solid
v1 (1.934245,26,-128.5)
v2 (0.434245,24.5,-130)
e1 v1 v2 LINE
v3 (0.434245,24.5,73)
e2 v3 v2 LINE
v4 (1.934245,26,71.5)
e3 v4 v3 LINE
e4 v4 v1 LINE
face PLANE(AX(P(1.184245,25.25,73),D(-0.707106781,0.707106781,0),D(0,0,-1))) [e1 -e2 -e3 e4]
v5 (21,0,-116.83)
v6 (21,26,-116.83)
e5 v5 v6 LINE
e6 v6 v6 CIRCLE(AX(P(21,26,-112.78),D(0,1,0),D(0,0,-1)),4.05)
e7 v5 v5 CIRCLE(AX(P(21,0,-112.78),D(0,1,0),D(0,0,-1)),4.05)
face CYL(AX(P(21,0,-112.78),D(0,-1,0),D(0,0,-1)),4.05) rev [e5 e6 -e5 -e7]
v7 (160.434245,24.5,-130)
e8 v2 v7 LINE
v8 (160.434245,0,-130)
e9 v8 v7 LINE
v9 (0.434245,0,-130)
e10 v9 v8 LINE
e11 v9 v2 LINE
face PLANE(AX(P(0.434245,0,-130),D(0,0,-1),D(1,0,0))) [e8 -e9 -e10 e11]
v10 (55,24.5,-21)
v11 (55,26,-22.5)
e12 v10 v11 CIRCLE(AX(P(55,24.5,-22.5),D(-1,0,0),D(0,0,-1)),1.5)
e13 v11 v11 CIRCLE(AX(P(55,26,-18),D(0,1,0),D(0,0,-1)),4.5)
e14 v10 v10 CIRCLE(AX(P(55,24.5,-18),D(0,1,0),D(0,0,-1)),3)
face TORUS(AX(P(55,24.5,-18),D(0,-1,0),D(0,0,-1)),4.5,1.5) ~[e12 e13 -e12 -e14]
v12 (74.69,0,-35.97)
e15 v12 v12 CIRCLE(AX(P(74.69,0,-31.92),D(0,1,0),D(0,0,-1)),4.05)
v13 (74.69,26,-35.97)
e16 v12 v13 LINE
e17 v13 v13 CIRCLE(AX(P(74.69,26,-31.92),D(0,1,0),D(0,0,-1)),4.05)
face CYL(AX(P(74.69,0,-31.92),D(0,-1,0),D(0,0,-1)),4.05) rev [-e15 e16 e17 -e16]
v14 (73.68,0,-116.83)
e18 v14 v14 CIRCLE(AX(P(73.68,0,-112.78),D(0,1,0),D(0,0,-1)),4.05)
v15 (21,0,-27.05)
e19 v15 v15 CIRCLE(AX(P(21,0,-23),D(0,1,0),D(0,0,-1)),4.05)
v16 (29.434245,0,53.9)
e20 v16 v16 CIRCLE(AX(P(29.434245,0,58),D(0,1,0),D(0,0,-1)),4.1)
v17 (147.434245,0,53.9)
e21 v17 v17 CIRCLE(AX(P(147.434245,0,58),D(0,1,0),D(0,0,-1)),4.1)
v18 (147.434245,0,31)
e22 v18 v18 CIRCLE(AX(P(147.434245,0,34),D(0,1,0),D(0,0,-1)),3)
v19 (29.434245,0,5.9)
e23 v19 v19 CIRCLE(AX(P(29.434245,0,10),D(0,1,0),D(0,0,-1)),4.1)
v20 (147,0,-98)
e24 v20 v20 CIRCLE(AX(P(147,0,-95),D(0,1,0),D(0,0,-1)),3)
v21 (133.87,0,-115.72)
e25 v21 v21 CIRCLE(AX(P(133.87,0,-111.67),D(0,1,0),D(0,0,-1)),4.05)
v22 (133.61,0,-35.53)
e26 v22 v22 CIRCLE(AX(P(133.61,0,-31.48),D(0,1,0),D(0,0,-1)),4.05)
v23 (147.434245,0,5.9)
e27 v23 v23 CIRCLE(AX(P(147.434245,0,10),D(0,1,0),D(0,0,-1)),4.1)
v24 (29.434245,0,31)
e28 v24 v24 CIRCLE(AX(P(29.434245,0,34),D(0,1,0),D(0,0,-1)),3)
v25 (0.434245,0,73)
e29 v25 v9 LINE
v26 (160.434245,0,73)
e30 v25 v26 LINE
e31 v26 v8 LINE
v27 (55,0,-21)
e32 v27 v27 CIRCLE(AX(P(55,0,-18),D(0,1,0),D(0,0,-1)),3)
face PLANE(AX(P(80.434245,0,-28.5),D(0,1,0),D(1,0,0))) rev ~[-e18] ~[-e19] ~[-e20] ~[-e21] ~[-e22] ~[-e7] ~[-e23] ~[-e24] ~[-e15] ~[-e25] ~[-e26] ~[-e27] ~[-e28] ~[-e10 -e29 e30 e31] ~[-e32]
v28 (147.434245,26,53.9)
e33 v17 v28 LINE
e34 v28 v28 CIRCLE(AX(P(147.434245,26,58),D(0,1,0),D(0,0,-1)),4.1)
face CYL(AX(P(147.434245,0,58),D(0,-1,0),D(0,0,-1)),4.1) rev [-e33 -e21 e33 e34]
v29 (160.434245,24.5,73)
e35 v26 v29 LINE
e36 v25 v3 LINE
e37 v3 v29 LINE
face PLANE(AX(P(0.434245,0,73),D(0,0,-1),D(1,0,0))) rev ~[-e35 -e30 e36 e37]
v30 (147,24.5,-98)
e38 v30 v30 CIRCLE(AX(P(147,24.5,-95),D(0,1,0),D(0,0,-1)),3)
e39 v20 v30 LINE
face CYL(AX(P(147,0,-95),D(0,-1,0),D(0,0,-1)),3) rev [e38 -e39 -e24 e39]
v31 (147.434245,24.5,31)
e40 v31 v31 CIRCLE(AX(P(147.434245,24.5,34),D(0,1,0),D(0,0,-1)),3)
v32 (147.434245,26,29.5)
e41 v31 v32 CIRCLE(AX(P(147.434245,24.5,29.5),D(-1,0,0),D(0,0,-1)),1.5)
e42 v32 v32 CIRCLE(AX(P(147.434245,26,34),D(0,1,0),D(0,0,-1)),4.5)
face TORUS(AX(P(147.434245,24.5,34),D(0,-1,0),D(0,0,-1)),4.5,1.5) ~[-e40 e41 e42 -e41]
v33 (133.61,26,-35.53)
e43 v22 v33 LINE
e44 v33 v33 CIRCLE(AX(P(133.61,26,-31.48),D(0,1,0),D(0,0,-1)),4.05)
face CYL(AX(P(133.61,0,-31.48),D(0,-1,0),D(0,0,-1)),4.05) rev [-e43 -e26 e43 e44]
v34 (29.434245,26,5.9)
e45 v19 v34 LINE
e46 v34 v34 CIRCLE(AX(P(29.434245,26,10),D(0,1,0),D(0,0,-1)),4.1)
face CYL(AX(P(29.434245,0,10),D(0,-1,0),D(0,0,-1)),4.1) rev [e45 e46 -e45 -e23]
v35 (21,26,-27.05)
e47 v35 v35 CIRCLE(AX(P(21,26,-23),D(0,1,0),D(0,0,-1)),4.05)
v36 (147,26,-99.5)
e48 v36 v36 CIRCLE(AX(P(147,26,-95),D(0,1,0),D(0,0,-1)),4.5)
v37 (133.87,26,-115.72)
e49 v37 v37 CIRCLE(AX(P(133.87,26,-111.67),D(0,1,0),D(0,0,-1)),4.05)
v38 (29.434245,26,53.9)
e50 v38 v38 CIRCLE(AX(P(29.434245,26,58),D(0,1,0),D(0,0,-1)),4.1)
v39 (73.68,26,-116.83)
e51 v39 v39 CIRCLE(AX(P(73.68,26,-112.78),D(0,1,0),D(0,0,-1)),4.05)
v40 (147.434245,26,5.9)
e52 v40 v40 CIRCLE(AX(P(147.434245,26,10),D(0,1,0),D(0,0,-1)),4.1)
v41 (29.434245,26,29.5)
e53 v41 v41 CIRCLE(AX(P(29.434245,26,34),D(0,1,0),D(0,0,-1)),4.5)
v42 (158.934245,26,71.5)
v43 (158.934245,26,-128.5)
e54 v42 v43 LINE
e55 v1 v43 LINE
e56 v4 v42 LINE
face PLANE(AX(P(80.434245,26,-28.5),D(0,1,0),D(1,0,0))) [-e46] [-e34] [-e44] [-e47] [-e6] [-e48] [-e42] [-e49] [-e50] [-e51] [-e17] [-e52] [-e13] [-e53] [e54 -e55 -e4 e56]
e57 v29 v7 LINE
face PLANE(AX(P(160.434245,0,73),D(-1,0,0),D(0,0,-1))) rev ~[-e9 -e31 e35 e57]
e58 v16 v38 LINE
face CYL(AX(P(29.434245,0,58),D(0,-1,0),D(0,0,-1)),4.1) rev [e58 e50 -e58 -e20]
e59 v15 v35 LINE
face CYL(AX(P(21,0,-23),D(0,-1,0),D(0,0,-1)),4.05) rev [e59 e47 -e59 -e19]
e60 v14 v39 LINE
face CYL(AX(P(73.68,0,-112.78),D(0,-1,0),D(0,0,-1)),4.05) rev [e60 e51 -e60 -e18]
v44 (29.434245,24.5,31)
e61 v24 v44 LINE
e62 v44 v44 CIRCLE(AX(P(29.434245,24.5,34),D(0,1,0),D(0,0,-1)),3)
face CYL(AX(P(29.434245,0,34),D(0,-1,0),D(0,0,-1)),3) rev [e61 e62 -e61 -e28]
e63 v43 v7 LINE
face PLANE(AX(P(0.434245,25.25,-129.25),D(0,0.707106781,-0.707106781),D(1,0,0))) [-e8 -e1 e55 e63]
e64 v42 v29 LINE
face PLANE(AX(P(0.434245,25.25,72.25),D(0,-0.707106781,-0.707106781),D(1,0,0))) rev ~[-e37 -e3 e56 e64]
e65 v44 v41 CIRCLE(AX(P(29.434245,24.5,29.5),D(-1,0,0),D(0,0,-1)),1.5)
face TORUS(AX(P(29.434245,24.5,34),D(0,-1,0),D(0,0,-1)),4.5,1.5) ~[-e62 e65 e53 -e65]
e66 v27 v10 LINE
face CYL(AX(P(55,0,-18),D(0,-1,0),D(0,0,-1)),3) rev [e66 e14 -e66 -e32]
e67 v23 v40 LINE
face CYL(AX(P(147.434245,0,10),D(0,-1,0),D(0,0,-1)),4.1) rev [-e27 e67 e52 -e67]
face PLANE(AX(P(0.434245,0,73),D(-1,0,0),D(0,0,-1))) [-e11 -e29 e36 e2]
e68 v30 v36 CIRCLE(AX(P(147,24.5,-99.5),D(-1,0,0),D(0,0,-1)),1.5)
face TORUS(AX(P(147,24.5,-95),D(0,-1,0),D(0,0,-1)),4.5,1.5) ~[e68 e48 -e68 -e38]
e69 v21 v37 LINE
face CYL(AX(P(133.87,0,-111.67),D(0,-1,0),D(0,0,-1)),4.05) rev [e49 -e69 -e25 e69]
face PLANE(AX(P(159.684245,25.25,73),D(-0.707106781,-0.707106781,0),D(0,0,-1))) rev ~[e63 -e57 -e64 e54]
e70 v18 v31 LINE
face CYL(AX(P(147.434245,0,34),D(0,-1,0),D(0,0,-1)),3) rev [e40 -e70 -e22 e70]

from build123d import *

# Parameters (mm, degrees)
SKETCH1_W           = 160
SKETCH1_H           = 203
SKETCH1_R           = 4.05
SKETCH1_R_2         = 4.1
SKETCH1_R_3         = 3
BOSS_EXTRUDE1_DEPTH = 26
FILLET1_R           = 1.5
CHAMFER1_SIZE       = 1.5


with BuildPart() as part:
    # Sketch1 → Boss-Extrude1 (new body)
    with BuildSketch(Plane(origin=(0, 0, 0), x_dir=(1, 0, 0), z_dir=(0, 1, 0))):
        with Locations((80.434245342, 28.5)):
            Rectangle(SKETCH1_W, SKETCH1_H)
        with Locations(Location((73.68, 112.78, 0), (0, 0, 90))):
            Circle(SKETCH1_R, mode=Mode.SUBTRACT)
        with Locations(Location((133.87, 111.67, 0), (0, 0, 90))):
            Circle(SKETCH1_R, mode=Mode.SUBTRACT)
        with Locations(Location((133.61, 31.48, 0), (0, 0, 90))):
            Circle(SKETCH1_R, mode=Mode.SUBTRACT)
        with Locations(Location((74.69, 31.92, 0), (0, 0, 90))):
            Circle(SKETCH1_R, mode=Mode.SUBTRACT)
        with Locations(Location((29.434245342, -10, 0), (0, 0, 90))):
            Circle(SKETCH1_R_2, mode=Mode.SUBTRACT)
        with Locations(Location((29.434245342, -58, 0), (0, 0, 90))):
            Circle(SKETCH1_R_2, mode=Mode.SUBTRACT)
        with Locations(Location((21, 112.78, 0), (0, 0, 90))):
            Circle(SKETCH1_R, mode=Mode.SUBTRACT)
        with Locations(Location((147.434245342, -58, 0), (0, 0, 90))):
            Circle(SKETCH1_R_2, mode=Mode.SUBTRACT)
        with Locations(Location((147.434245342, -10, 0), (0, 0, 90))):
            Circle(SKETCH1_R_2, mode=Mode.SUBTRACT)
        with Locations(Location((21, 23, 0), (0, 0, 90))):
            Circle(SKETCH1_R, mode=Mode.SUBTRACT)
        with Locations(Location((29.434245342, -34, 0), (0, 0, 90))):
            Circle(SKETCH1_R_3, mode=Mode.SUBTRACT)
        with Locations(Location((147.434245342, -34, 0), (0, 0, 90))):
            Circle(SKETCH1_R_3, mode=Mode.SUBTRACT)
        with Locations(Location((147, 95, 0), (0, 0, 90))):
            Circle(SKETCH1_R_3, mode=Mode.SUBTRACT)
        with Locations(Location((55, 18, 0), (0, 0, 90))):
            Circle(SKETCH1_R_3, mode=Mode.SUBTRACT)
    extrude(amount=BOSS_EXTRUDE1_DEPTH)

    # Fillet1
    fillet1_edges = [part.edges().sort_by_distance(p)[0] for p in [
        (29.434245342, 26, 37),
        (147.434245342, 26, 37),
        (147, 26, -92),
        (55, 26, -15),
    ]]
    fillet(fillet1_edges, radius=FILLET1_R)

    # Chamfer1
    chamfer1_edges = [part.edges().sort_by_distance(p)[0] for p in [
        (0.434245342, 26, -28.5),
        (80.434245342, 26, 73),
        (160.434245342, 26, -28.5),
        (80.434245342, 26, -130),
    ]]
    chamfer(chamfer1_edges, length=CHAMFER1_SIZE)


solid = part.part
